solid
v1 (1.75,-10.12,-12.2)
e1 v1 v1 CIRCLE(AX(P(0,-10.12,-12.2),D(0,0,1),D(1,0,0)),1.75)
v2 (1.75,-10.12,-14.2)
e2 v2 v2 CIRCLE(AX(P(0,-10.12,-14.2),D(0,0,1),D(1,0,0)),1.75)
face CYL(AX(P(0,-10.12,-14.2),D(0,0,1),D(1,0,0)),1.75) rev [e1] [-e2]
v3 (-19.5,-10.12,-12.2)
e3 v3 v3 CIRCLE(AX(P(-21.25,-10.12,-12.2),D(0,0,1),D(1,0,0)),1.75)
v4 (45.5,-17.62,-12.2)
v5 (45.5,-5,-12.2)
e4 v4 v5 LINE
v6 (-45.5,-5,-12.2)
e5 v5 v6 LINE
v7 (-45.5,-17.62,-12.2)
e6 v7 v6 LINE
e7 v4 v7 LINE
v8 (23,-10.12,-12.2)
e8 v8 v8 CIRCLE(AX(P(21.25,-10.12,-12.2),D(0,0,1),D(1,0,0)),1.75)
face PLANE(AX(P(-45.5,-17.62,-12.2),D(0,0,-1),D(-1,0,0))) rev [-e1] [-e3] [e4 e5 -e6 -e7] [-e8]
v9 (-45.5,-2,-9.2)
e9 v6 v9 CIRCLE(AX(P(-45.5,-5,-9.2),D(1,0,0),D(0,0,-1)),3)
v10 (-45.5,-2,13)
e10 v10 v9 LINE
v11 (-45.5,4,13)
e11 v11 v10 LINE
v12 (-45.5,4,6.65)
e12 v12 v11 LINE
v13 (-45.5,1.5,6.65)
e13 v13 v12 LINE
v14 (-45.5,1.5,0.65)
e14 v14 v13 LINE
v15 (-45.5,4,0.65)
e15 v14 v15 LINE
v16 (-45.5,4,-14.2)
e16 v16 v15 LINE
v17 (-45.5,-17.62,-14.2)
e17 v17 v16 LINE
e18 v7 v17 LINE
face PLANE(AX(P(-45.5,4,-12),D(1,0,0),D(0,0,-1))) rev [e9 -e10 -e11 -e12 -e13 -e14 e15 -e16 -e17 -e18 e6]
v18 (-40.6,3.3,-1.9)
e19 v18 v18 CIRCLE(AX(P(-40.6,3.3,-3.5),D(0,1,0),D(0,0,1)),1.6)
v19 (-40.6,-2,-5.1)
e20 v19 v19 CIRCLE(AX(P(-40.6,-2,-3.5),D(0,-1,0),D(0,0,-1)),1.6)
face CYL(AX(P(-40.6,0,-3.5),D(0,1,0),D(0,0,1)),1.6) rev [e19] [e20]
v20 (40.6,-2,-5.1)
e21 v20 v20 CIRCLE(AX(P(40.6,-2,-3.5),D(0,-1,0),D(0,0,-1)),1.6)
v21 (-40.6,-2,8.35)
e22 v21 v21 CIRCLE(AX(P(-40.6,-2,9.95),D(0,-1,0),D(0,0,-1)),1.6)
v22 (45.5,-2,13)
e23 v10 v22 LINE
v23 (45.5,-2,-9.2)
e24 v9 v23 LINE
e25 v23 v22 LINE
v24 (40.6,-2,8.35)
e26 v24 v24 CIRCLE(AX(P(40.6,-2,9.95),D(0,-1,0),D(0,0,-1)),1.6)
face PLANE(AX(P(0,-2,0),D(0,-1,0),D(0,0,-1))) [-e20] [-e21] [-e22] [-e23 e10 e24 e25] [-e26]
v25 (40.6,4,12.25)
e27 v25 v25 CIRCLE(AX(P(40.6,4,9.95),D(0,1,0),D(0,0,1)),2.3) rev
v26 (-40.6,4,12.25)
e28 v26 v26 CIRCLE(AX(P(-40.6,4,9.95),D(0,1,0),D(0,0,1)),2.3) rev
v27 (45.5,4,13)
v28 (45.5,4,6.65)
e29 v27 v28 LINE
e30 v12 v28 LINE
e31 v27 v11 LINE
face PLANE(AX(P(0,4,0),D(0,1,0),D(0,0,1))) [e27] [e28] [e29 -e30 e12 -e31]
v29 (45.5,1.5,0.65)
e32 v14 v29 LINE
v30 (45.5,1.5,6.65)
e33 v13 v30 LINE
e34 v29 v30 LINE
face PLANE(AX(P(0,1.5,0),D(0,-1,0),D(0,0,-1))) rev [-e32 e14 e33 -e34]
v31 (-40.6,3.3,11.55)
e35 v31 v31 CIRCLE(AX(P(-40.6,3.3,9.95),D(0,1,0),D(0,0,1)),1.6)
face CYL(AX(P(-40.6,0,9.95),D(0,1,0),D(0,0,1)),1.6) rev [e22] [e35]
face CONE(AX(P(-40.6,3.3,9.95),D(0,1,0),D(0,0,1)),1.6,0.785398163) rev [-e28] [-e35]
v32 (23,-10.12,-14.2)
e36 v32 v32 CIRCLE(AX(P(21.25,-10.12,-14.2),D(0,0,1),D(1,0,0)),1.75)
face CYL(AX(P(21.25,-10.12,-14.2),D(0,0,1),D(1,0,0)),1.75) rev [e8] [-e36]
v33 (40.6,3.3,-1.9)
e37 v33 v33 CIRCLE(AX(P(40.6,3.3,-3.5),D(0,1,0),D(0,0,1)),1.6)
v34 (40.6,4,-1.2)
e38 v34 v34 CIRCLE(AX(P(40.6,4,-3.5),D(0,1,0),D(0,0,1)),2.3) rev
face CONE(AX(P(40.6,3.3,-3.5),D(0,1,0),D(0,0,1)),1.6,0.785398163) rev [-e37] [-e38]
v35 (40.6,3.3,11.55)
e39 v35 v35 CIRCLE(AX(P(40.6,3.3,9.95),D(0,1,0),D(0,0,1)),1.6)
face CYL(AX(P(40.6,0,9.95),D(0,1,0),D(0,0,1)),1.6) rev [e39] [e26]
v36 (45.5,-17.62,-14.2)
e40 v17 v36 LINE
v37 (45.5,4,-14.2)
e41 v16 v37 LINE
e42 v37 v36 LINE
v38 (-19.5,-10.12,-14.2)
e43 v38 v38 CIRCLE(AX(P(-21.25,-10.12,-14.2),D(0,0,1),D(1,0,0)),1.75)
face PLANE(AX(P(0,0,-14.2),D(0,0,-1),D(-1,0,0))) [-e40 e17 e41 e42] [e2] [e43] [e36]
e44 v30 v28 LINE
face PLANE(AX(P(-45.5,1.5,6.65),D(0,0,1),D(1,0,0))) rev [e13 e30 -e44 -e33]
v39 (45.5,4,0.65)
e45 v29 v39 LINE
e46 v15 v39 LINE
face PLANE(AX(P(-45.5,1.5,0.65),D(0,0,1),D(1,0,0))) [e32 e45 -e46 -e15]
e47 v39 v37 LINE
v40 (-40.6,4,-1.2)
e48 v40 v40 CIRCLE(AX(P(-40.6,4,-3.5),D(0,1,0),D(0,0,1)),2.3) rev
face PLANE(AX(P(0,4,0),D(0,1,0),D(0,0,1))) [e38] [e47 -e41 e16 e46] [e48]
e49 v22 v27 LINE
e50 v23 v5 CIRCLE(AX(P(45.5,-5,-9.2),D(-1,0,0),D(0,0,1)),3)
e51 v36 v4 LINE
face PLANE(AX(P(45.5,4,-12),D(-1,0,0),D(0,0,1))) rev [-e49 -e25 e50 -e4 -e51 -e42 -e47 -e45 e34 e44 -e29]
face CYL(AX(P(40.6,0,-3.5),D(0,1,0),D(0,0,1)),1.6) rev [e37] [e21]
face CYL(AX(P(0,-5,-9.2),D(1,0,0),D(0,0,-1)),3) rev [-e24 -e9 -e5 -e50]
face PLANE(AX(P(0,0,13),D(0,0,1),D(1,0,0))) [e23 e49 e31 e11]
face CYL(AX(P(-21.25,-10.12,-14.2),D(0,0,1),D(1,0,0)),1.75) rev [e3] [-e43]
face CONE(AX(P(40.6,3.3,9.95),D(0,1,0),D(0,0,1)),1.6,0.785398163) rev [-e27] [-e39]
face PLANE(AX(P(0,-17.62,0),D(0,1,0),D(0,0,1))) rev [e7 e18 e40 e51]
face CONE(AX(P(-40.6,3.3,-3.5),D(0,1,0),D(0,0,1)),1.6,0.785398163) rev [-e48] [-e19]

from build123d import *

# Parameters (mm, degrees)
SKETCH1_W           = 91
SKETCH1_H           = 24
BOSS_EXTRUDE1_DEPTH = 4
SKETCH2_R           = 1.6
CUT_EXTRUDE1_DEPTH  = 48.22552276
SKETCH3_W           = 91
SKETCH3_H           = 6
CUT_EXTRUDE2_DEPTH  = 2.5
SKETCH4_W           = 91
SKETCH4_H           = 4
BOSS_EXTRUDE2_DEPTH = 2.2
SKETCH5_W           = 91
SKETCH5_H           = 2
BOSS_EXTRUDE3_DEPTH = 17.62
SKETCH6_R           = 1.75
CUT_EXTRUDE3_DEPTH  = 55.464248824
SKETCH7_W           = 91
SKETCH7_H           = 24.2
SKETCH7_R           = 1.6
BOSS_EXTRUDE5_DEPTH = 2
SKETCH8_W           = 91
SKETCH8_H           = 6
BOSS_EXTRUDE6_DEPTH = 1
CHAMFER1_SIZE       = 0.7
FILLET1_R           = 3


with BuildPart() as part:
    # Sketch1 → Boss-Extrude1 (new body)
    with BuildSketch(Plane(origin=(0, 0, 0), x_dir=(1, 0, 0), z_dir=(0, 1, 0))):
        Rectangle(SKETCH1_W, SKETCH1_H)
    extrude(amount=BOSS_EXTRUDE1_DEPTH)

    # Sketch2 → Cut-Extrude1 (cut, through all)
    with BuildSketch(Plane(origin=(0, 4, 0), x_dir=(1, 0, 0), z_dir=(0, 1, 0))):
        with Locations(Location((-40.6, 3.5, 0), (0, 0, 270))):
            Circle(SKETCH2_R)
        with Locations(Location((-40.6, -9.95, 0), (0, 0, 270))):
            Circle(SKETCH2_R)
        with Locations(Location((40.6, 3.5, 0), (0, 0, 270))):
            Circle(SKETCH2_R)
        with Locations(Location((40.6, -9.95, 0), (0, 0, 270))):
            Circle(SKETCH2_R)
    extrude(amount=-CUT_EXTRUDE1_DEPTH, mode=Mode.SUBTRACT)

    # Sketch3 → Cut-Extrude2 (cut)
    with BuildSketch(Plane(origin=(0, 4, 0), x_dir=(1, 0, 0), z_dir=(0, 1, 0))):
        with Locations((0, -3.65)):
            Rectangle(SKETCH3_W, SKETCH3_H)
    extrude(amount=-CUT_EXTRUDE2_DEPTH, mode=Mode.SUBTRACT)

    # Sketch4 → Boss-Extrude2 (add)
    with BuildSketch(Plane(origin=(0, 0, -12), x_dir=(-1, 0, 0), z_dir=(0, 0, -1))):
        with Locations((0, 2)):
            Rectangle(SKETCH4_W, SKETCH4_H)
    extrude(amount=BOSS_EXTRUDE2_DEPTH)

    # Sketch5 → Boss-Extrude3 (add)
    with BuildSketch(Plane.XZ):
        with Locations((0, -13.2)):
            Rectangle(SKETCH5_W, SKETCH5_H)
    extrude(amount=BOSS_EXTRUDE3_DEPTH)

    # Sketch6 → Cut-Extrude3 (cut, through all)
    with BuildSketch(Plane.XY.offset(-12.2)):
        with Locations((-21.25, -10.12)):
            Circle(SKETCH6_R)
        with Locations((0, -10.12)):
            Circle(SKETCH6_R)
        with Locations((21.25, -10.12)):
            Circle(SKETCH6_R)
    extrude(amount=-CUT_EXTRUDE3_DEPTH, mode=Mode.SUBTRACT)

    # Sketch7 → Boss-Extrude5 (add)
    with BuildSketch(Plane.XZ):
        with Locations((0, -0.1)):
            Rectangle(SKETCH7_W, SKETCH7_H)
        with Locations(Location((40.6, 9.95, 0), (0, 0, 90))):
            Circle(SKETCH7_R, mode=Mode.SUBTRACT)
        with Locations(Location((40.6, -3.5, 0), (0, 0, 90))):
            Circle(SKETCH7_R, mode=Mode.SUBTRACT)
        with Locations(Location((-40.6, -3.5, 0), (0, 0, 90))):
            Circle(SKETCH7_R, mode=Mode.SUBTRACT)
        with Locations(Location((-40.6, 9.95, 0), (0, 0, 90))):
            Circle(SKETCH7_R, mode=Mode.SUBTRACT)
    extrude(amount=BOSS_EXTRUDE5_DEPTH)

    # Sketch8 → Boss-Extrude6 (add)
    with BuildSketch(Plane.XY.offset(12)):
        with Locations((0, 1)):
            Rectangle(SKETCH8_W, SKETCH8_H)
    extrude(amount=BOSS_EXTRUDE6_DEPTH)

    # Chamfer1
    chamfer1_edges = [part.edges().sort_by_distance(p)[0] for p in [
        (40.6, 4, 8.35),
        (-40.6, 4, -5.1),
        (40.6, 4, -5.1),
        (-40.6, 4, 8.35),
    ]]
    chamfer(chamfer1_edges, length=CHAMFER1_SIZE)

    # Fillet1
    fillet1_edges = [part.edges().sort_by_distance(p)[0] for p in [
        (0, -2, -12.2),
    ]]
    fillet(fillet1_edges, radius=FILLET1_R)


solid = part.part
